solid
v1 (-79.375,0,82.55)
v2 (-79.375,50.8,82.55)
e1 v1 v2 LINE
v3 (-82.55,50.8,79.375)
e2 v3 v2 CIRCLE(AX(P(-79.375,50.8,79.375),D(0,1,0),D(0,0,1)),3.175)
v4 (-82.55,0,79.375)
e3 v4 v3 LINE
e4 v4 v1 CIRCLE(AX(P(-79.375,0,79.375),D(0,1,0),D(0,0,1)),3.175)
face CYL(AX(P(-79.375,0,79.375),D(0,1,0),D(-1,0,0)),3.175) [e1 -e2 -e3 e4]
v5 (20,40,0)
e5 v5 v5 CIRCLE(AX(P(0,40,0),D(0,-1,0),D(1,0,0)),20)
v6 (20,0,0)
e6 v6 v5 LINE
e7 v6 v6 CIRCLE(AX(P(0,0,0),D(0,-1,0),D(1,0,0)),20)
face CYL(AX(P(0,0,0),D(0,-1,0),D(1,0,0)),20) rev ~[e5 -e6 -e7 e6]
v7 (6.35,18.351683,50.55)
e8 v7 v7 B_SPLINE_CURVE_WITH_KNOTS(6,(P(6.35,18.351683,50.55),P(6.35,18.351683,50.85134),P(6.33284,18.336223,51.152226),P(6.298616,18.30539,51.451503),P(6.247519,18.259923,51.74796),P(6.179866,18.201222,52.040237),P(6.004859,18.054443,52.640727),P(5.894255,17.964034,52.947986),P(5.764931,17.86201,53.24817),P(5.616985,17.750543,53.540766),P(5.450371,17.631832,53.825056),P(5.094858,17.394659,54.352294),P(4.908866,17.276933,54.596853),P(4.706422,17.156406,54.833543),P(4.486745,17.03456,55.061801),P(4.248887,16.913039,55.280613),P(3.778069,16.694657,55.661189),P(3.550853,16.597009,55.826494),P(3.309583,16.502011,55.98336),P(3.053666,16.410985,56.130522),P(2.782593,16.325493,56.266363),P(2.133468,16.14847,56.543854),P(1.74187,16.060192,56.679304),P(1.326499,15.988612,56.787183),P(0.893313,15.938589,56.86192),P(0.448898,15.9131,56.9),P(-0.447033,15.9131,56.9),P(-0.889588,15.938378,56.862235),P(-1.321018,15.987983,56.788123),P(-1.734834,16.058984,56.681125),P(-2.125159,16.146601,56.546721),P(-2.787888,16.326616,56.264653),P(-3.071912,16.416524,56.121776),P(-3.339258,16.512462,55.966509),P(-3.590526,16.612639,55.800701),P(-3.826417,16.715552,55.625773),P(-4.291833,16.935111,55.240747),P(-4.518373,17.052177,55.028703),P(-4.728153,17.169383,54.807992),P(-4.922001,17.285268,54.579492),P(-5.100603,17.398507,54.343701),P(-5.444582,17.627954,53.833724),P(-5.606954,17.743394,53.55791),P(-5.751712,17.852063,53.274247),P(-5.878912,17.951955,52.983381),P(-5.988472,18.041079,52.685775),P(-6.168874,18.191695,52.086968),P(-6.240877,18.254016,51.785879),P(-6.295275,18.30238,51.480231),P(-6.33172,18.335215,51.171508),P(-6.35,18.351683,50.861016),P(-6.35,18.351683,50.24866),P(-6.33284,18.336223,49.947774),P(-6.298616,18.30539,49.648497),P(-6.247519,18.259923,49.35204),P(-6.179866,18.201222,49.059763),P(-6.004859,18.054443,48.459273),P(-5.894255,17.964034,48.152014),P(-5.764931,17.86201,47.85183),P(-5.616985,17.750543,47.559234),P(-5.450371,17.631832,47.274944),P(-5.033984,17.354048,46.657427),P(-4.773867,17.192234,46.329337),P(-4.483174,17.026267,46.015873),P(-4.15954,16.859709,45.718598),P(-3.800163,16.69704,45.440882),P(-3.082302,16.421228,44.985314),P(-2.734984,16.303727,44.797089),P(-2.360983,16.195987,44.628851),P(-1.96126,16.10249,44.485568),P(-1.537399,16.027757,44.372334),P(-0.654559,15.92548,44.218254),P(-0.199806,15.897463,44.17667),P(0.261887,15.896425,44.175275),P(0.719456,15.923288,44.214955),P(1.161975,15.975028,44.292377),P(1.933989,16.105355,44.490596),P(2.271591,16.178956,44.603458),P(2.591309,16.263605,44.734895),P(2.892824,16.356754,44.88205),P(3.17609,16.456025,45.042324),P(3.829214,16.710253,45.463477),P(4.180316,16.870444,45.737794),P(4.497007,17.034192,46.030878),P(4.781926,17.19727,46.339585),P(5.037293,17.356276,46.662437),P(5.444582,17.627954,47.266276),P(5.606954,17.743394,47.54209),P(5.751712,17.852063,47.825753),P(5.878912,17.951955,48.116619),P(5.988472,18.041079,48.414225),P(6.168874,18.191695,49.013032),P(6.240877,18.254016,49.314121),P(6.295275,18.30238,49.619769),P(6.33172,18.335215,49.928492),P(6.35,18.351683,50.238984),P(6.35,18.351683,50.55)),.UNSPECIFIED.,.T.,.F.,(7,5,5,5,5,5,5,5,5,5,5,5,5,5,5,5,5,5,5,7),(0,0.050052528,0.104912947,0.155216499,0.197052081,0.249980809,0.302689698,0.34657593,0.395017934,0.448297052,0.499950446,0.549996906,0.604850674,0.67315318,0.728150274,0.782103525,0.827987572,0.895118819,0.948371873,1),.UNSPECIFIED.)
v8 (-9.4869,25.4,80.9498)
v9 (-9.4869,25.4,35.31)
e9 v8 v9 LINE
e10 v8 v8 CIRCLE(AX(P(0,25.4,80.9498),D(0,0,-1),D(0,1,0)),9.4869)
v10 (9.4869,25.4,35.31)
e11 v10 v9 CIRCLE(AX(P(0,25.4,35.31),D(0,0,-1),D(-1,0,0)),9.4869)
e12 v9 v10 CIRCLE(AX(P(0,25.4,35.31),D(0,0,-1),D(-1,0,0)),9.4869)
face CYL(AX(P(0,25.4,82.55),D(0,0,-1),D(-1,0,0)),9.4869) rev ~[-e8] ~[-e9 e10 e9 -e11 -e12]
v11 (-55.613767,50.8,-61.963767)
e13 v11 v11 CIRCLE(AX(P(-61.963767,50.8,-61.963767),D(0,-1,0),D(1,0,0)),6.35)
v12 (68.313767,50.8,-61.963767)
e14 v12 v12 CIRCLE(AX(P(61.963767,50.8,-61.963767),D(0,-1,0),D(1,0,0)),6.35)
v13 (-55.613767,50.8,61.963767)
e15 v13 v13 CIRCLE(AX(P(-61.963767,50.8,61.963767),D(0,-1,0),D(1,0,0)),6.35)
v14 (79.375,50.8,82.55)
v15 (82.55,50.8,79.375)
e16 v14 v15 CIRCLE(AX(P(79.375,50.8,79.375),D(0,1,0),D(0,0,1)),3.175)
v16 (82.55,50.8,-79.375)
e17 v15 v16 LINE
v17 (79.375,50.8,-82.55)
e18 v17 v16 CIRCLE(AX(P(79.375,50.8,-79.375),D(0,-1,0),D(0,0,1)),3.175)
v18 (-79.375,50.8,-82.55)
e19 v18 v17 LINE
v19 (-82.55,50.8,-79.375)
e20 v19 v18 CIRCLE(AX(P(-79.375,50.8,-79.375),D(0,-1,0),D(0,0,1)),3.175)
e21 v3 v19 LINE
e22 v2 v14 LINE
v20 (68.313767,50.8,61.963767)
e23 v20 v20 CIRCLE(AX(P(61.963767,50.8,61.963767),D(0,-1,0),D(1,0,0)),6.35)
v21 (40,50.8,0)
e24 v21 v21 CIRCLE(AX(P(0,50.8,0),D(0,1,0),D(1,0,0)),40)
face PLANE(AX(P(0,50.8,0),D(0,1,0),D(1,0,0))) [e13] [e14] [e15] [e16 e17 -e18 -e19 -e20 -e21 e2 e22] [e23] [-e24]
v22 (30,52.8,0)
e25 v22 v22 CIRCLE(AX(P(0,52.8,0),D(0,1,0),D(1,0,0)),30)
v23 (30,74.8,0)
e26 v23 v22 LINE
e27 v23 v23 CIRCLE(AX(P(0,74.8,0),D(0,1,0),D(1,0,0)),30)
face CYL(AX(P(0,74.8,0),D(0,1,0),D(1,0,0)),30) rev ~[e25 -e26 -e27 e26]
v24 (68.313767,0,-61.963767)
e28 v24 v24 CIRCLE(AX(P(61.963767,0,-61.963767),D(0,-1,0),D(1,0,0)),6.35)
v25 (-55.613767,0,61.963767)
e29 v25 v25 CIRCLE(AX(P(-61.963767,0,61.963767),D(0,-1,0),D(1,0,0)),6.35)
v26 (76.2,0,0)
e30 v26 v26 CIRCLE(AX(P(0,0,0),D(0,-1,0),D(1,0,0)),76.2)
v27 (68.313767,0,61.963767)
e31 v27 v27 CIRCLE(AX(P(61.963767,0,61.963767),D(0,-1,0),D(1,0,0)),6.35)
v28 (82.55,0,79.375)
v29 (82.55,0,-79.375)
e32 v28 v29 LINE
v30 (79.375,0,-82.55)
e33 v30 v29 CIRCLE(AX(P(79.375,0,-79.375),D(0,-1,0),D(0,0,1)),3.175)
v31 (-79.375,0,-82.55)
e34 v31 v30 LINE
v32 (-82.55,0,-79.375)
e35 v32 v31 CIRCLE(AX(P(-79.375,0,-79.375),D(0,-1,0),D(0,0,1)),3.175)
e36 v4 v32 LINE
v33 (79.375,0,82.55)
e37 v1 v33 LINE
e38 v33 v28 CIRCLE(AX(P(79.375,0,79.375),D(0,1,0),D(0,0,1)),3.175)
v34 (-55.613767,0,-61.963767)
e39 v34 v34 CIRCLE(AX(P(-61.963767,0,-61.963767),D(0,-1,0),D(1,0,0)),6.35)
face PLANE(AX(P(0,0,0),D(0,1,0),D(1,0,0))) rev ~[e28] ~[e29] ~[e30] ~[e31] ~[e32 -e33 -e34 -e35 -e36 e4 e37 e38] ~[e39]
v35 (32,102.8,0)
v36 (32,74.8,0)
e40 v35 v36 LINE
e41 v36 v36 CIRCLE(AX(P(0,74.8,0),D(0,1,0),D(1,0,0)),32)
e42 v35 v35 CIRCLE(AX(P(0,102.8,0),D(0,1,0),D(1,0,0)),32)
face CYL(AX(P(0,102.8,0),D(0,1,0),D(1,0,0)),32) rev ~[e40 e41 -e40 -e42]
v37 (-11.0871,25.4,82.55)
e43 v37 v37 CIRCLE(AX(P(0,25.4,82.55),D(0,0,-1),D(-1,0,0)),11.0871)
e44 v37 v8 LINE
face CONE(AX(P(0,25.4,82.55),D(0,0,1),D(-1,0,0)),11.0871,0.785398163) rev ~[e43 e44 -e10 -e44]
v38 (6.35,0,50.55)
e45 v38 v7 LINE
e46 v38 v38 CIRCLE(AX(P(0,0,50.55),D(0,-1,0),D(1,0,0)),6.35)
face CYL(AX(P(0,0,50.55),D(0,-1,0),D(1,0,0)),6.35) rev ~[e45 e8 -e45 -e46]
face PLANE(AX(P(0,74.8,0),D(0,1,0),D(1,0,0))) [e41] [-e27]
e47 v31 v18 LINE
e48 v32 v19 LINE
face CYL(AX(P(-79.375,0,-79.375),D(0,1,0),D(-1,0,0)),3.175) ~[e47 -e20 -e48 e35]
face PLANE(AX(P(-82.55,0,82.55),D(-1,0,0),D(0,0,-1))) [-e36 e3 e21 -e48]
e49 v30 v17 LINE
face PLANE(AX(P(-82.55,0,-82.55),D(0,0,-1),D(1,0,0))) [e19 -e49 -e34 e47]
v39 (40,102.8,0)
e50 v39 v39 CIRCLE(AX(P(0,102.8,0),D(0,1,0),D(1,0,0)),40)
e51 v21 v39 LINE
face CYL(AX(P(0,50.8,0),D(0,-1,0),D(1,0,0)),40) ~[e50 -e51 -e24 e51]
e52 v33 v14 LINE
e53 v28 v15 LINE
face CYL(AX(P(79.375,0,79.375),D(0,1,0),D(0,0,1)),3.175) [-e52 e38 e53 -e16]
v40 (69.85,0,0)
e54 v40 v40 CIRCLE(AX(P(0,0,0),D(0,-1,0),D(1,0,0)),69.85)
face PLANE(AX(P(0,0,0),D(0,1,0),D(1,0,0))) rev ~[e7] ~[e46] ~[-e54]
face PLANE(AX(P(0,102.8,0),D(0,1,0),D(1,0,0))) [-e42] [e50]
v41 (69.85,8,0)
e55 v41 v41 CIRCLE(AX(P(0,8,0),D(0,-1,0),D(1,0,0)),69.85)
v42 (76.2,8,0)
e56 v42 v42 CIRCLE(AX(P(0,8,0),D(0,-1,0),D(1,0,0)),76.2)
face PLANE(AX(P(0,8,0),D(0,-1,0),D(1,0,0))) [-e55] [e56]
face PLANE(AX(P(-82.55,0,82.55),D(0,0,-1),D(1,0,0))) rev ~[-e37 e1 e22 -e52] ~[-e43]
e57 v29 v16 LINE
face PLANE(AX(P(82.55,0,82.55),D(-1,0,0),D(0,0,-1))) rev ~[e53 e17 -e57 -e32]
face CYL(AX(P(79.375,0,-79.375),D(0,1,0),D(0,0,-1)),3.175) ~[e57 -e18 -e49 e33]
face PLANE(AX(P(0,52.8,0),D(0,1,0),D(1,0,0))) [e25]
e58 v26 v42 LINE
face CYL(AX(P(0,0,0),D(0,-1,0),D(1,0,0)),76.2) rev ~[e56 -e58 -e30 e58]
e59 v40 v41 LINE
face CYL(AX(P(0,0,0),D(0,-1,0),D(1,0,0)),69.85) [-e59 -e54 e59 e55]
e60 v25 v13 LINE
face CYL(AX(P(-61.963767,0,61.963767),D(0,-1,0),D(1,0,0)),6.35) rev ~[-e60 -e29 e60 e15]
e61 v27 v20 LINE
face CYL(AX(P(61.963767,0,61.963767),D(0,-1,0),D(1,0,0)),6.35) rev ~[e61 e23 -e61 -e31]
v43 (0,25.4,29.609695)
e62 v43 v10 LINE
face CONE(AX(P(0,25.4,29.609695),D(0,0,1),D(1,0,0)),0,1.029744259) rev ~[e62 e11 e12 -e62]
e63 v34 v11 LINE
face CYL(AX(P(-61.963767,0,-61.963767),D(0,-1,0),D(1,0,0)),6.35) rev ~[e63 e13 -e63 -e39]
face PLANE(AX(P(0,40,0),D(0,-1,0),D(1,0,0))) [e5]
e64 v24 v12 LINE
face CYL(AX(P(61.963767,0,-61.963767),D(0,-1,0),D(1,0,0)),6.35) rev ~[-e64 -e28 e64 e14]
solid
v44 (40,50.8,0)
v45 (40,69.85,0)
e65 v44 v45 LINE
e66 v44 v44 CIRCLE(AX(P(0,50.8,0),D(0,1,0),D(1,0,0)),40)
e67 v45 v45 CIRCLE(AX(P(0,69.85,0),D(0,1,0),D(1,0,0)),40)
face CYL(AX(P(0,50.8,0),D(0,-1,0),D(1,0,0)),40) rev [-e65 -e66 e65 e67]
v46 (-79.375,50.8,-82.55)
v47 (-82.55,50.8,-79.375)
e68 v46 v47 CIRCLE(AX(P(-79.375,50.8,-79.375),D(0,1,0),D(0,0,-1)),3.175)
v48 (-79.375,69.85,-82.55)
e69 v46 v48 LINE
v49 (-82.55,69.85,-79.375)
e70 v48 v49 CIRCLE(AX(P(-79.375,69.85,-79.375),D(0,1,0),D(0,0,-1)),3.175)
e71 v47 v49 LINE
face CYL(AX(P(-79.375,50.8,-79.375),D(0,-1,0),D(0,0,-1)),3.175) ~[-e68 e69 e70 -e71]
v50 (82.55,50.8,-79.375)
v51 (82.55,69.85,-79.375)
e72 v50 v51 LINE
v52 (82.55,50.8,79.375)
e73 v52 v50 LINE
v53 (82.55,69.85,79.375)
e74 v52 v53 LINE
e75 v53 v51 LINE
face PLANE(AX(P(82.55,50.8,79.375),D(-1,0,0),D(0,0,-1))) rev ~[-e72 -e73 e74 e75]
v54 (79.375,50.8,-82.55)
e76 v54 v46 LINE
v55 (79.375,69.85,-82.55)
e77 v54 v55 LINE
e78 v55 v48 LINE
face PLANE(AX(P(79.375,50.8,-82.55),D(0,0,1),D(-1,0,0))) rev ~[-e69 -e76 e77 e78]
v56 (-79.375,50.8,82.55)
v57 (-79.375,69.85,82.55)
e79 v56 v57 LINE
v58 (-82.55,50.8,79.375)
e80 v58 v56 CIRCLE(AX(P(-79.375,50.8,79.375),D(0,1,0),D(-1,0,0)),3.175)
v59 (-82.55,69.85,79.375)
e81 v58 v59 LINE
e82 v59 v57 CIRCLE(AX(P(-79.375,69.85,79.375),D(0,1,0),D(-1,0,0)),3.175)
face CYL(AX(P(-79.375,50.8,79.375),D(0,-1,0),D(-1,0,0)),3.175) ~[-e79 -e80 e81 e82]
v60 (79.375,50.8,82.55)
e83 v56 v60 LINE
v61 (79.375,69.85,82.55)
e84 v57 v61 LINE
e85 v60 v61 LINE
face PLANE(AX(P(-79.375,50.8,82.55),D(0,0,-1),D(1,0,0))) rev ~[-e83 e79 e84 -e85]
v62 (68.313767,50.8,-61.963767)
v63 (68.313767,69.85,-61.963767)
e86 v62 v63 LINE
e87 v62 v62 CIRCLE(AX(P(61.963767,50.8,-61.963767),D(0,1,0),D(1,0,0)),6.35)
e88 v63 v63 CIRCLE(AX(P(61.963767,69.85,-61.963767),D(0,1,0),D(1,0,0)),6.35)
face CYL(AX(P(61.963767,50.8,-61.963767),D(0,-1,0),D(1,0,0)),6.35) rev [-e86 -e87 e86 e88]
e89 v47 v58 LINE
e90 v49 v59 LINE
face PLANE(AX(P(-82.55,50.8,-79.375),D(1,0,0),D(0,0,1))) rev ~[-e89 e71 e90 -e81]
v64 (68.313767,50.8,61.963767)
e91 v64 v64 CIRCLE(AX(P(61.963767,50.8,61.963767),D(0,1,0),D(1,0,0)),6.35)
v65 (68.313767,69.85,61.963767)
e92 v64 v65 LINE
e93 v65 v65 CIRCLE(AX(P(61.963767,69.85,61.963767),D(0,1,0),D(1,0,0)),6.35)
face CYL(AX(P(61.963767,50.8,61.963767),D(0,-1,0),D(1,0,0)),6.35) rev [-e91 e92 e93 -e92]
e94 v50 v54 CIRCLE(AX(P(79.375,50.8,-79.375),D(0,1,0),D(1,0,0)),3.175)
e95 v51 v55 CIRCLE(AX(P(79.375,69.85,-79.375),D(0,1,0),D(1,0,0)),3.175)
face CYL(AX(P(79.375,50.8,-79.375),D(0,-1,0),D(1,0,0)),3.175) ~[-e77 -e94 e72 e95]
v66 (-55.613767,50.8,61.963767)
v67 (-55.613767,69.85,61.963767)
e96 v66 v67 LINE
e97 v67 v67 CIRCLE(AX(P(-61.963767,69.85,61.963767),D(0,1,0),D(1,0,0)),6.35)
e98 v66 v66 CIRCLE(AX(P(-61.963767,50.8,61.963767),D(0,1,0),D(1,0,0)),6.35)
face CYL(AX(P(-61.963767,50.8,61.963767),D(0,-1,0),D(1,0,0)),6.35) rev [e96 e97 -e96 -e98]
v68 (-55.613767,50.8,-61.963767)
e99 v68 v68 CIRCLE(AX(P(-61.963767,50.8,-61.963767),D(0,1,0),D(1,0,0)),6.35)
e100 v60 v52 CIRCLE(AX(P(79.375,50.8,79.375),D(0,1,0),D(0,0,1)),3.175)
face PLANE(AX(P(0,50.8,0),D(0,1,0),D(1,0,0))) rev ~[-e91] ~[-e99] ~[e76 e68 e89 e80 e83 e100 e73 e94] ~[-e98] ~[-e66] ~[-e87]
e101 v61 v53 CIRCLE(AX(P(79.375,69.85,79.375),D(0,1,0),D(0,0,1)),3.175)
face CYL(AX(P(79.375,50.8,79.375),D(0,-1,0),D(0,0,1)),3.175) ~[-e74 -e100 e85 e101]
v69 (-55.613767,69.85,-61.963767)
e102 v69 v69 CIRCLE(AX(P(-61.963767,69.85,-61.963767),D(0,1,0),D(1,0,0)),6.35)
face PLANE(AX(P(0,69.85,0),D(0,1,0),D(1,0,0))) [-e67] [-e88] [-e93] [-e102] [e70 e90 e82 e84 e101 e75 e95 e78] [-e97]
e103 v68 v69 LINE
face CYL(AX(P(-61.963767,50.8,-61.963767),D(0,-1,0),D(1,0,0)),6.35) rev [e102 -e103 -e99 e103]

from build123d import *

# Parameters (mm, degrees)
SKETCH1_W                              = 165.1
SKETCH1_H                              = 165.1
BOSS_EXTRUDE1_DEPTH                    = 50.8
SKETCH2_R                              = 40
BOSS_EXTRUDE2_DEPTH                    = 52
SKETCH3_R                              = 32
CUT_EXTRUDE1_DEPTH                     = 28
SKETCH4_R                              = 30
CUT_EXTRUDE2_DEPTH                     = 22
FILLET1_R                              = 3.175
SKETCH5_R                              = 20
CUT_EXTRUDE3_DEPTH                     = 40
SKETCH6_R                              = 76.2
SKETCH6_R_2                            = 69.85
CUT_EXTRUDE4_DEPTH                     = 8
F_1_2_14_NPSM_TAPPED_HOLE1_D           = 18.9738
F_1_2_14_NPSM_TAPPED_HOLE1_DEPTH       = 47.24
F_1_2_14_NPSM_TAPPED_HOLE1_CSINK_D     = 22.1742
F_1_2_14_NPSM_TAPPED_HOLE1_CSINK_ANGLE = 90
F_1_2_14_NPSM_TAPPED_HOLE1_TIP         = 5.700304607
SKETCH10_R                             = 6.35
CUT_EXTRUDE5_DEPTH                     = 25
SKETCH11_R                             = 6.35
CUT_EXTRUDE6_DEPTH                     = 103.8
SKETCH12_R                             = 40
SKETCH12_R_2                           = 6.35
BOSS_EXTRUDE3_DEPTH                    = 19.05


with BuildPart() as part:
    # Sketch1 → Boss-Extrude1 (new body)
    with BuildSketch(Plane(origin=(0, 0, 0), x_dir=(1, 0, 0), z_dir=(0, 1, 0))):
        Rectangle(SKETCH1_W, SKETCH1_H)
    extrude(amount=BOSS_EXTRUDE1_DEPTH)

    # Sketch2 → Boss-Extrude2 (add)
    with BuildSketch(Plane(origin=(0, 50.8, 0), x_dir=(1, 0, 0), z_dir=(0, 1, 0))):
        Circle(SKETCH2_R)
    extrude(amount=BOSS_EXTRUDE2_DEPTH)

    # Sketch3 → Cut-Extrude1 (cut)
    with BuildSketch(Plane(origin=(0, 102.8, 0), x_dir=(1, 0, 0), z_dir=(0, 1, 0))):
        Circle(SKETCH3_R)
    extrude(amount=-CUT_EXTRUDE1_DEPTH, mode=Mode.SUBTRACT)

    # Sketch4 → Cut-Extrude2 (cut)
    with BuildSketch(Plane(origin=(0, 74.8, 0), x_dir=(1, 0, 0), z_dir=(0, 1, 0))):
        Circle(SKETCH4_R)
    extrude(amount=-CUT_EXTRUDE2_DEPTH, mode=Mode.SUBTRACT)

    # Fillet1
    fillet1_edges = [part.edges().sort_by_distance(p)[0] for p in [
        (82.55, 25.4, 82.55),
        (-82.55, 25.4, 82.55),
        (-82.55, 25.4, -82.55),
        (82.55, 25.4, -82.55),
    ]]
    fillet(fillet1_edges, radius=FILLET1_R)

    # Sketch5 → Cut-Extrude3 (cut)
    with BuildSketch(Plane.XZ):
        Circle(SKETCH5_R)
    extrude(amount=-CUT_EXTRUDE3_DEPTH, mode=Mode.SUBTRACT)

    # Sketch6 → Cut-Extrude4 (cut)
    with BuildSketch(Plane.XZ):
        Circle(SKETCH6_R)
        Circle(SKETCH6_R_2, mode=Mode.SUBTRACT)
    extrude(amount=-CUT_EXTRUDE4_DEPTH, mode=Mode.SUBTRACT)

    # 1/2-14 NPSM Tapped Hole1
    with Locations(Plane.XY.offset(82.55)):
        with Locations((0, 25.4)):
            CounterSinkHole(F_1_2_14_NPSM_TAPPED_HOLE1_D / 2, F_1_2_14_NPSM_TAPPED_HOLE1_CSINK_D / 2, depth=F_1_2_14_NPSM_TAPPED_HOLE1_DEPTH, counter_sink_angle=F_1_2_14_NPSM_TAPPED_HOLE1_CSINK_ANGLE)
            with Locations((0, 0, -(F_1_2_14_NPSM_TAPPED_HOLE1_DEPTH + F_1_2_14_NPSM_TAPPED_HOLE1_TIP / 2))):  # 118° drill point
                Cone(0, F_1_2_14_NPSM_TAPPED_HOLE1_D / 2, F_1_2_14_NPSM_TAPPED_HOLE1_TIP, mode=Mode.SUBTRACT)

    # Sketch10 → Cut-Extrude5 (cut)
    with BuildSketch(Plane.XZ):
        with Locations((0, 50.55)):
            Circle(SKETCH10_R)
    extrude(amount=-CUT_EXTRUDE5_DEPTH, mode=Mode.SUBTRACT)

    # Sketch11 → Cut-Extrude6 (cut, through all)
    with BuildSketch(Plane.XZ):
        with Locations((-61.963767235, 61.963767235)):
            Circle(SKETCH11_R)
        with Locations((61.963767235, 61.963767235)):
            Circle(SKETCH11_R)
        with Locations((61.963767235, -61.963767235)):
            Circle(SKETCH11_R)
        with Locations((-61.963767235, -61.963767235)):
            Circle(SKETCH11_R)
    extrude(amount=-CUT_EXTRUDE6_DEPTH, mode=Mode.SUBTRACT)


with BuildPart() as body_2:
    # Sketch12 → Boss-Extrude3 (new body)
    with BuildSketch(Plane(origin=(0, 50.8, 0), x_dir=(1, 0, 0), z_dir=(0, 1, 0))):
        with BuildLine():
            Line((-82.55, 79.375), (-82.55, -79.375))
            ThreePointArc((-82.55, -79.375), (-81.62006403, -81.62006403), (-79.375, -82.55))
            Line((-79.375, -82.55), (79.375, -82.55))
            ThreePointArc((79.375, -82.55), (81.62006403, -81.62006403), (82.55, -79.375))
            Line((82.55, -79.375), (82.55, 79.375))
            ThreePointArc((82.55, 79.375), (81.62006403, 81.62006403), (79.375, 82.55))
            Line((79.375, 82.55), (-79.375, 82.55))
            ThreePointArc((-79.375, 82.55), (-81.62006403, 81.62006403), (-82.55, 79.375))
        make_face()
        Circle(SKETCH12_R, mode=Mode.SUBTRACT)
        with Locations((61.963767235, 61.963767235)):
            Circle(SKETCH12_R_2, mode=Mode.SUBTRACT)
        with Locations((61.963767235, -61.963767235)):
            Circle(SKETCH12_R_2, mode=Mode.SUBTRACT)
        with Locations((-61.963767235, -61.963767235)):
            Circle(SKETCH12_R_2, mode=Mode.SUBTRACT)
        with Locations((-61.963767235, 61.963767235)):
            Circle(SKETCH12_R_2, mode=Mode.SUBTRACT)
    extrude(amount=BOSS_EXTRUDE3_DEPTH)


solid = Compound([part.part, body_2.part])
